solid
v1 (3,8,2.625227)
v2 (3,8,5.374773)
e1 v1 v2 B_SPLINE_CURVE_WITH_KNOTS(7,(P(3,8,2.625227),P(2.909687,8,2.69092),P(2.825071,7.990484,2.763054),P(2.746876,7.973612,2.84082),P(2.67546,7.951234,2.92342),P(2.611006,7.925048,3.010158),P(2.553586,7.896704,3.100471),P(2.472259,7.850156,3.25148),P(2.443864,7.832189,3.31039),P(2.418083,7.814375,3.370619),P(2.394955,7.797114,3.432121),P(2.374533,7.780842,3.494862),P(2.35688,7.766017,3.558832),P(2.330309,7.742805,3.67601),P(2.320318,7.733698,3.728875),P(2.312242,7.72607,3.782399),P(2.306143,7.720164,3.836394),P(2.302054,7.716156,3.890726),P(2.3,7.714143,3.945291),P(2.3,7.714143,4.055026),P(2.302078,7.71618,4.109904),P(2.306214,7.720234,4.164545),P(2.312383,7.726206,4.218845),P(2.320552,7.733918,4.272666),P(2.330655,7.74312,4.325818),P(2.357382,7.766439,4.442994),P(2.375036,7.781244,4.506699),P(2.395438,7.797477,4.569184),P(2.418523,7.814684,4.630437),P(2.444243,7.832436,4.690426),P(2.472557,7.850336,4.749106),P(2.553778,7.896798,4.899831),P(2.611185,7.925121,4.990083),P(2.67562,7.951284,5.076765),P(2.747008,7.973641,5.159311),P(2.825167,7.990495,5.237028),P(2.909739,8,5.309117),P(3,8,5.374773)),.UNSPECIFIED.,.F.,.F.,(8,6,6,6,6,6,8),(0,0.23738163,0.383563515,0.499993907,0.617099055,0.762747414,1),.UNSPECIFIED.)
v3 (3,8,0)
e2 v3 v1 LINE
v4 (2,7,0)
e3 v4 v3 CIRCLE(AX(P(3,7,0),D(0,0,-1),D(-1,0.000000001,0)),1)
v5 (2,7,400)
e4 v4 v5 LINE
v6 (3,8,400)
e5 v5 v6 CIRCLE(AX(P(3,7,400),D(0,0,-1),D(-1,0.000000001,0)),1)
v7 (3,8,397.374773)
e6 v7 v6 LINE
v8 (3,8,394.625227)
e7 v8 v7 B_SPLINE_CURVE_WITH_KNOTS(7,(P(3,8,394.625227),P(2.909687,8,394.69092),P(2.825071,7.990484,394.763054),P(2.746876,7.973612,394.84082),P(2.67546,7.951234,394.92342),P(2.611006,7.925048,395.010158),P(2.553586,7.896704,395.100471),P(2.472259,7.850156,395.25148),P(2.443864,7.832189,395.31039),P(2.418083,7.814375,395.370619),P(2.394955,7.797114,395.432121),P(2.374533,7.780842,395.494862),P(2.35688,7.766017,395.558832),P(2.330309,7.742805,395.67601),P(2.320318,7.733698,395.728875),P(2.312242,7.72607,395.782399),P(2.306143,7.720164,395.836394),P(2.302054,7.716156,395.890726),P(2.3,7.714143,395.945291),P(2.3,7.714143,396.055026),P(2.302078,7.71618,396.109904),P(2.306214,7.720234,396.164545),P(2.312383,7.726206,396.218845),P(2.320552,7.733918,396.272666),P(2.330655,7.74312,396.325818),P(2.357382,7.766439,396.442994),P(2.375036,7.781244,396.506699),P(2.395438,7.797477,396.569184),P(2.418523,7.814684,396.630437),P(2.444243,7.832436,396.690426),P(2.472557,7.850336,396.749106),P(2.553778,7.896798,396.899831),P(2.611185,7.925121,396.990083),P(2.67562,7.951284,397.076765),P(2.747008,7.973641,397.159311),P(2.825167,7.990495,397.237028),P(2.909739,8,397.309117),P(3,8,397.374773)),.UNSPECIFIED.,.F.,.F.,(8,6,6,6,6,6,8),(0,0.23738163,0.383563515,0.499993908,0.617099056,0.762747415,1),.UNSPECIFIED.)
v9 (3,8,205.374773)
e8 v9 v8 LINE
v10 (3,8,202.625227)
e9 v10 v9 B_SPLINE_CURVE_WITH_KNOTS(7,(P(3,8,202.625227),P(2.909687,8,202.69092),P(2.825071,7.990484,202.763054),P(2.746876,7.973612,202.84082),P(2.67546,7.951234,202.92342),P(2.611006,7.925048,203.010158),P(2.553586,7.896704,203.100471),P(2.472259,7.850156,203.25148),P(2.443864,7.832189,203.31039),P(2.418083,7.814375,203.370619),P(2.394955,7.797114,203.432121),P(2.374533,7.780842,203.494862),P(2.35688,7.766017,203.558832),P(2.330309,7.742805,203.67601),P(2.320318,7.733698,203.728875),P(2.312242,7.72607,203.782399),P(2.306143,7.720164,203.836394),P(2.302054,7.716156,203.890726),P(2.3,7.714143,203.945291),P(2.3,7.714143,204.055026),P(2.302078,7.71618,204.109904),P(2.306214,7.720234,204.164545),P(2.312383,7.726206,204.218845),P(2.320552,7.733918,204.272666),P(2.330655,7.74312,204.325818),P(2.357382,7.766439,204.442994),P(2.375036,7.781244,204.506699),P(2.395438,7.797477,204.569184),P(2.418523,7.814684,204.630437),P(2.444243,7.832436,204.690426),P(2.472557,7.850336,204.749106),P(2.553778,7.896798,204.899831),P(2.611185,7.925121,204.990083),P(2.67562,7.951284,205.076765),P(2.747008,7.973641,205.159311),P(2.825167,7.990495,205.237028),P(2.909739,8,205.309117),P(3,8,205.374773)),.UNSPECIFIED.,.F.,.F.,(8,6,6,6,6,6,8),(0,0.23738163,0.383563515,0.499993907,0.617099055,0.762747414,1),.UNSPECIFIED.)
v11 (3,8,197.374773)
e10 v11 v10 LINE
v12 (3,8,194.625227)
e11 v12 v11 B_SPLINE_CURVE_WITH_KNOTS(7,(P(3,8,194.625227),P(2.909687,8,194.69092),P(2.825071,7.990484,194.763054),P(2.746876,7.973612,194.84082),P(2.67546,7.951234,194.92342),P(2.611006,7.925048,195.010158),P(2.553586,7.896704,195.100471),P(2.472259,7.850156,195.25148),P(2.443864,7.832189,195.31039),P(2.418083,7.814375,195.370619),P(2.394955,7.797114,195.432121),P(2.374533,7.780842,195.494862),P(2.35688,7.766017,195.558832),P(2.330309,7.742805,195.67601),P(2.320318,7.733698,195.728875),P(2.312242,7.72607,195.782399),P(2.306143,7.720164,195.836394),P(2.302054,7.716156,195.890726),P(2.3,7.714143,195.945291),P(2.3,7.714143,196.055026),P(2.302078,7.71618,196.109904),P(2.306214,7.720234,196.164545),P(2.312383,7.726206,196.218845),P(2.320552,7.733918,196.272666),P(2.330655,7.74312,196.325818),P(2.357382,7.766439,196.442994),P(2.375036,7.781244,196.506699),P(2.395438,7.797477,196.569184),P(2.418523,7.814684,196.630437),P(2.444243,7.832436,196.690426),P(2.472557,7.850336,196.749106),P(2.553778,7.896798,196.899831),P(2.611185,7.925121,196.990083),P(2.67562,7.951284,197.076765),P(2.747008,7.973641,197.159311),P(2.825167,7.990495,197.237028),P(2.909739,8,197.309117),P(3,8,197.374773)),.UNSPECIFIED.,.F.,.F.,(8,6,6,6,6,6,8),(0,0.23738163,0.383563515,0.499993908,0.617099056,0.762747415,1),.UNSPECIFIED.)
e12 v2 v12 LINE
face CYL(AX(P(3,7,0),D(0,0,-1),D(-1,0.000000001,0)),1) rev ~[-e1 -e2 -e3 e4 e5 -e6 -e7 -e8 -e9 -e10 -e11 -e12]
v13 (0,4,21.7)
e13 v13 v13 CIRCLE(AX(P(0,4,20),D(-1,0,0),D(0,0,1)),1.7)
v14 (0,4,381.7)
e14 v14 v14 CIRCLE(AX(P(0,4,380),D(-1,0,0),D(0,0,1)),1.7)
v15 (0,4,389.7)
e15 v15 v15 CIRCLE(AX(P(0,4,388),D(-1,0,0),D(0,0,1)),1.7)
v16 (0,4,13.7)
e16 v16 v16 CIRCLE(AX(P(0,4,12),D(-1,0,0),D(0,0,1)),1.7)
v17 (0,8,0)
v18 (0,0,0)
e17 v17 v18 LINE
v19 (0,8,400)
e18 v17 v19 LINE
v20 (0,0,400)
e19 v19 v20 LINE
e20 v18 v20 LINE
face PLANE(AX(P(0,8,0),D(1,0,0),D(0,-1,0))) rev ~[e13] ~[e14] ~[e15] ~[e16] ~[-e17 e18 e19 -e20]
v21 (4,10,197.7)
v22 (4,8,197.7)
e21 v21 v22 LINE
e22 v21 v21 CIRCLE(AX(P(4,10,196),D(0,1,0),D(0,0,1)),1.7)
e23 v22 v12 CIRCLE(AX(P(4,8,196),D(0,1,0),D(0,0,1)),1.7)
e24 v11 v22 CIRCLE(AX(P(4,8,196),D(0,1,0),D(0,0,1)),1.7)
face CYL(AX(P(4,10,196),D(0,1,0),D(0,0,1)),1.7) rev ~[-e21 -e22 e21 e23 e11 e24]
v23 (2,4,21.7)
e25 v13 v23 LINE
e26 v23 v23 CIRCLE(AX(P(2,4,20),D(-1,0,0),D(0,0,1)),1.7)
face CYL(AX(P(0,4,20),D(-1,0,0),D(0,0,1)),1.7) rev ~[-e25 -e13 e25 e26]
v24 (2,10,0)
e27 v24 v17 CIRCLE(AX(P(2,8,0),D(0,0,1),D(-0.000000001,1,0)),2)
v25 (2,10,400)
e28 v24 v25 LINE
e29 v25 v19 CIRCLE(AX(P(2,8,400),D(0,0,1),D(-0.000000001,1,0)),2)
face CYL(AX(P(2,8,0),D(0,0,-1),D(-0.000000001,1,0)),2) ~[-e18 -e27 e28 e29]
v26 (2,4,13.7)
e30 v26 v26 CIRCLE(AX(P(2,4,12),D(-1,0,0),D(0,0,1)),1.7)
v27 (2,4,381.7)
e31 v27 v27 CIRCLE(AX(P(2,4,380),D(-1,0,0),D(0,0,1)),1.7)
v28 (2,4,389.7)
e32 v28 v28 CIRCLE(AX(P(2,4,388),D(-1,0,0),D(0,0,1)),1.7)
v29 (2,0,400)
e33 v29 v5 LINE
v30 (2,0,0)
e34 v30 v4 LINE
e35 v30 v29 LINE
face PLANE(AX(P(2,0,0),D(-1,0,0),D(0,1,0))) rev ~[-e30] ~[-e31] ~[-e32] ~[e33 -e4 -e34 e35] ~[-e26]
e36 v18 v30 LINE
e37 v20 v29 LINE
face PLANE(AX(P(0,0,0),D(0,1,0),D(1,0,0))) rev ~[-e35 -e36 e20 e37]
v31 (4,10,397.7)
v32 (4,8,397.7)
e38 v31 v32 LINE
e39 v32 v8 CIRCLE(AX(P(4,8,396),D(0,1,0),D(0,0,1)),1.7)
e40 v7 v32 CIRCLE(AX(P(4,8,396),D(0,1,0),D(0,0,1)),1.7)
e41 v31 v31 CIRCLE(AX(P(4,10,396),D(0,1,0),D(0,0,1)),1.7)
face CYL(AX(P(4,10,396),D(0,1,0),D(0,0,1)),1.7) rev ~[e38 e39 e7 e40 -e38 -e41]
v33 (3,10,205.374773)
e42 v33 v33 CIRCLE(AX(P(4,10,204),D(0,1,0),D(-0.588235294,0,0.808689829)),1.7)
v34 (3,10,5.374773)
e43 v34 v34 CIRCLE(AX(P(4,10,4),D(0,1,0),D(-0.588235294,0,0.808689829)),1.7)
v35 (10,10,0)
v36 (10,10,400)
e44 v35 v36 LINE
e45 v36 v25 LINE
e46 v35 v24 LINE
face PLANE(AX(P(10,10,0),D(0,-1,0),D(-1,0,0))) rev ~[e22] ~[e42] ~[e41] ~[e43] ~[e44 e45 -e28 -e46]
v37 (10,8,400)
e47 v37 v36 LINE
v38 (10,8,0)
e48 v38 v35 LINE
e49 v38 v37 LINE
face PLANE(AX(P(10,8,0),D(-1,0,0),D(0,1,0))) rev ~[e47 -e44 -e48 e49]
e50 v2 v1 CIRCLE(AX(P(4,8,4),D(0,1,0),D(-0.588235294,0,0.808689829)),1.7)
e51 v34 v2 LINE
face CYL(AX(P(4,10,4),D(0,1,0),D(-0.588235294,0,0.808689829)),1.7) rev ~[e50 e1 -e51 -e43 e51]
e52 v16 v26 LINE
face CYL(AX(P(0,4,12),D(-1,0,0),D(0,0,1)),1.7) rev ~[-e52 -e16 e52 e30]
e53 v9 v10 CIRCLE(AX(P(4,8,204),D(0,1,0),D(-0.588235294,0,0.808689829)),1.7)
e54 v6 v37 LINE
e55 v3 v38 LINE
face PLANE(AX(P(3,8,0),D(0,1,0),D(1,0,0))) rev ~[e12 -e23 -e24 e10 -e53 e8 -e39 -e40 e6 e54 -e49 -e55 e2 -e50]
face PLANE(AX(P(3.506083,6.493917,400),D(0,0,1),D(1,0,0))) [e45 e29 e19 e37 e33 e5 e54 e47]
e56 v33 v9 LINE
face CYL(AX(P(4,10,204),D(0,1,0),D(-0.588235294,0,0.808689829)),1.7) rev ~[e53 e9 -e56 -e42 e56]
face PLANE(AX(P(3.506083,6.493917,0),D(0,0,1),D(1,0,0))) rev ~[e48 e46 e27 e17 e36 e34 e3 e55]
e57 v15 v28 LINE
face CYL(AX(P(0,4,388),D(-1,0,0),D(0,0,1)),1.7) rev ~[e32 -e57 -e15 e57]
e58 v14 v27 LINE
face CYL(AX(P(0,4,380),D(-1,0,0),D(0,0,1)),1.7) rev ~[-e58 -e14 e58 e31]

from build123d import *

# Parameters (mm, degrees)
EXTRUDE_1_DEPTH     = 400
SKETCH_2_R          = 1.7
CUT_EXTRUDE_1_DEPTH = 5
SKETCH_3_R          = 1.7
CUT_EXTRUDE_2_DEPTH = 5


with BuildPart() as part:
    # Эскиз1 → Вытянуть1 (new body)
    with BuildSketch(Plane.XY):
        with BuildLine():
            Line((0, 0), (2, 0))
            Line((2, 0), (2, 7))
            ThreePointArc((2, 7), (2.292893219, 7.707106781), (3, 8))
            Line((3, 8), (10, 8))
            Line((10, 8), (10, 10))
            Line((10, 10), (2, 10))
            ThreePointArc((2, 10), (0.585786438, 9.414213562), (0, 8))
            Line((0, 8), (0, 0))
        make_face()
    extrude(amount=EXTRUDE_1_DEPTH)

    # Эскиз2 → Вырез-Вытянуть1 (cut)
    with BuildSketch(Plane(origin=(0, 10, 0), x_dir=(-1, 0, 0), z_dir=(0, 1, 0))):
        with Locations(Location((-4, 396, 0), (0, 0, 90))):
            Circle(SKETCH_2_R)
        with Locations(Location((-4, 4, 0), (0, 0, 53.968120928))):
            Circle(SKETCH_2_R)
        with Locations(Location((-4, 204, 0), (0, 0, 53.968120928))):
            Circle(SKETCH_2_R)
        with Locations(Location((-4, 196, 0), (0, 0, 90))):
            Circle(SKETCH_2_R)
    extrude(amount=-CUT_EXTRUDE_1_DEPTH, mode=Mode.SUBTRACT)

    # Эскиз3 → Вырез-Вытянуть2 (cut)
    with BuildSketch(Plane.ZY):
        with Locations((388, 4)):
            Circle(SKETCH_3_R)
        with Locations((380, 4)):
            Circle(SKETCH_3_R)
        with Locations((20, 4)):
            Circle(SKETCH_3_R)
        with Locations((12, 4)):
            Circle(SKETCH_3_R)
    extrude(amount=-CUT_EXTRUDE_2_DEPTH, mode=Mode.SUBTRACT)


solid = part.part
